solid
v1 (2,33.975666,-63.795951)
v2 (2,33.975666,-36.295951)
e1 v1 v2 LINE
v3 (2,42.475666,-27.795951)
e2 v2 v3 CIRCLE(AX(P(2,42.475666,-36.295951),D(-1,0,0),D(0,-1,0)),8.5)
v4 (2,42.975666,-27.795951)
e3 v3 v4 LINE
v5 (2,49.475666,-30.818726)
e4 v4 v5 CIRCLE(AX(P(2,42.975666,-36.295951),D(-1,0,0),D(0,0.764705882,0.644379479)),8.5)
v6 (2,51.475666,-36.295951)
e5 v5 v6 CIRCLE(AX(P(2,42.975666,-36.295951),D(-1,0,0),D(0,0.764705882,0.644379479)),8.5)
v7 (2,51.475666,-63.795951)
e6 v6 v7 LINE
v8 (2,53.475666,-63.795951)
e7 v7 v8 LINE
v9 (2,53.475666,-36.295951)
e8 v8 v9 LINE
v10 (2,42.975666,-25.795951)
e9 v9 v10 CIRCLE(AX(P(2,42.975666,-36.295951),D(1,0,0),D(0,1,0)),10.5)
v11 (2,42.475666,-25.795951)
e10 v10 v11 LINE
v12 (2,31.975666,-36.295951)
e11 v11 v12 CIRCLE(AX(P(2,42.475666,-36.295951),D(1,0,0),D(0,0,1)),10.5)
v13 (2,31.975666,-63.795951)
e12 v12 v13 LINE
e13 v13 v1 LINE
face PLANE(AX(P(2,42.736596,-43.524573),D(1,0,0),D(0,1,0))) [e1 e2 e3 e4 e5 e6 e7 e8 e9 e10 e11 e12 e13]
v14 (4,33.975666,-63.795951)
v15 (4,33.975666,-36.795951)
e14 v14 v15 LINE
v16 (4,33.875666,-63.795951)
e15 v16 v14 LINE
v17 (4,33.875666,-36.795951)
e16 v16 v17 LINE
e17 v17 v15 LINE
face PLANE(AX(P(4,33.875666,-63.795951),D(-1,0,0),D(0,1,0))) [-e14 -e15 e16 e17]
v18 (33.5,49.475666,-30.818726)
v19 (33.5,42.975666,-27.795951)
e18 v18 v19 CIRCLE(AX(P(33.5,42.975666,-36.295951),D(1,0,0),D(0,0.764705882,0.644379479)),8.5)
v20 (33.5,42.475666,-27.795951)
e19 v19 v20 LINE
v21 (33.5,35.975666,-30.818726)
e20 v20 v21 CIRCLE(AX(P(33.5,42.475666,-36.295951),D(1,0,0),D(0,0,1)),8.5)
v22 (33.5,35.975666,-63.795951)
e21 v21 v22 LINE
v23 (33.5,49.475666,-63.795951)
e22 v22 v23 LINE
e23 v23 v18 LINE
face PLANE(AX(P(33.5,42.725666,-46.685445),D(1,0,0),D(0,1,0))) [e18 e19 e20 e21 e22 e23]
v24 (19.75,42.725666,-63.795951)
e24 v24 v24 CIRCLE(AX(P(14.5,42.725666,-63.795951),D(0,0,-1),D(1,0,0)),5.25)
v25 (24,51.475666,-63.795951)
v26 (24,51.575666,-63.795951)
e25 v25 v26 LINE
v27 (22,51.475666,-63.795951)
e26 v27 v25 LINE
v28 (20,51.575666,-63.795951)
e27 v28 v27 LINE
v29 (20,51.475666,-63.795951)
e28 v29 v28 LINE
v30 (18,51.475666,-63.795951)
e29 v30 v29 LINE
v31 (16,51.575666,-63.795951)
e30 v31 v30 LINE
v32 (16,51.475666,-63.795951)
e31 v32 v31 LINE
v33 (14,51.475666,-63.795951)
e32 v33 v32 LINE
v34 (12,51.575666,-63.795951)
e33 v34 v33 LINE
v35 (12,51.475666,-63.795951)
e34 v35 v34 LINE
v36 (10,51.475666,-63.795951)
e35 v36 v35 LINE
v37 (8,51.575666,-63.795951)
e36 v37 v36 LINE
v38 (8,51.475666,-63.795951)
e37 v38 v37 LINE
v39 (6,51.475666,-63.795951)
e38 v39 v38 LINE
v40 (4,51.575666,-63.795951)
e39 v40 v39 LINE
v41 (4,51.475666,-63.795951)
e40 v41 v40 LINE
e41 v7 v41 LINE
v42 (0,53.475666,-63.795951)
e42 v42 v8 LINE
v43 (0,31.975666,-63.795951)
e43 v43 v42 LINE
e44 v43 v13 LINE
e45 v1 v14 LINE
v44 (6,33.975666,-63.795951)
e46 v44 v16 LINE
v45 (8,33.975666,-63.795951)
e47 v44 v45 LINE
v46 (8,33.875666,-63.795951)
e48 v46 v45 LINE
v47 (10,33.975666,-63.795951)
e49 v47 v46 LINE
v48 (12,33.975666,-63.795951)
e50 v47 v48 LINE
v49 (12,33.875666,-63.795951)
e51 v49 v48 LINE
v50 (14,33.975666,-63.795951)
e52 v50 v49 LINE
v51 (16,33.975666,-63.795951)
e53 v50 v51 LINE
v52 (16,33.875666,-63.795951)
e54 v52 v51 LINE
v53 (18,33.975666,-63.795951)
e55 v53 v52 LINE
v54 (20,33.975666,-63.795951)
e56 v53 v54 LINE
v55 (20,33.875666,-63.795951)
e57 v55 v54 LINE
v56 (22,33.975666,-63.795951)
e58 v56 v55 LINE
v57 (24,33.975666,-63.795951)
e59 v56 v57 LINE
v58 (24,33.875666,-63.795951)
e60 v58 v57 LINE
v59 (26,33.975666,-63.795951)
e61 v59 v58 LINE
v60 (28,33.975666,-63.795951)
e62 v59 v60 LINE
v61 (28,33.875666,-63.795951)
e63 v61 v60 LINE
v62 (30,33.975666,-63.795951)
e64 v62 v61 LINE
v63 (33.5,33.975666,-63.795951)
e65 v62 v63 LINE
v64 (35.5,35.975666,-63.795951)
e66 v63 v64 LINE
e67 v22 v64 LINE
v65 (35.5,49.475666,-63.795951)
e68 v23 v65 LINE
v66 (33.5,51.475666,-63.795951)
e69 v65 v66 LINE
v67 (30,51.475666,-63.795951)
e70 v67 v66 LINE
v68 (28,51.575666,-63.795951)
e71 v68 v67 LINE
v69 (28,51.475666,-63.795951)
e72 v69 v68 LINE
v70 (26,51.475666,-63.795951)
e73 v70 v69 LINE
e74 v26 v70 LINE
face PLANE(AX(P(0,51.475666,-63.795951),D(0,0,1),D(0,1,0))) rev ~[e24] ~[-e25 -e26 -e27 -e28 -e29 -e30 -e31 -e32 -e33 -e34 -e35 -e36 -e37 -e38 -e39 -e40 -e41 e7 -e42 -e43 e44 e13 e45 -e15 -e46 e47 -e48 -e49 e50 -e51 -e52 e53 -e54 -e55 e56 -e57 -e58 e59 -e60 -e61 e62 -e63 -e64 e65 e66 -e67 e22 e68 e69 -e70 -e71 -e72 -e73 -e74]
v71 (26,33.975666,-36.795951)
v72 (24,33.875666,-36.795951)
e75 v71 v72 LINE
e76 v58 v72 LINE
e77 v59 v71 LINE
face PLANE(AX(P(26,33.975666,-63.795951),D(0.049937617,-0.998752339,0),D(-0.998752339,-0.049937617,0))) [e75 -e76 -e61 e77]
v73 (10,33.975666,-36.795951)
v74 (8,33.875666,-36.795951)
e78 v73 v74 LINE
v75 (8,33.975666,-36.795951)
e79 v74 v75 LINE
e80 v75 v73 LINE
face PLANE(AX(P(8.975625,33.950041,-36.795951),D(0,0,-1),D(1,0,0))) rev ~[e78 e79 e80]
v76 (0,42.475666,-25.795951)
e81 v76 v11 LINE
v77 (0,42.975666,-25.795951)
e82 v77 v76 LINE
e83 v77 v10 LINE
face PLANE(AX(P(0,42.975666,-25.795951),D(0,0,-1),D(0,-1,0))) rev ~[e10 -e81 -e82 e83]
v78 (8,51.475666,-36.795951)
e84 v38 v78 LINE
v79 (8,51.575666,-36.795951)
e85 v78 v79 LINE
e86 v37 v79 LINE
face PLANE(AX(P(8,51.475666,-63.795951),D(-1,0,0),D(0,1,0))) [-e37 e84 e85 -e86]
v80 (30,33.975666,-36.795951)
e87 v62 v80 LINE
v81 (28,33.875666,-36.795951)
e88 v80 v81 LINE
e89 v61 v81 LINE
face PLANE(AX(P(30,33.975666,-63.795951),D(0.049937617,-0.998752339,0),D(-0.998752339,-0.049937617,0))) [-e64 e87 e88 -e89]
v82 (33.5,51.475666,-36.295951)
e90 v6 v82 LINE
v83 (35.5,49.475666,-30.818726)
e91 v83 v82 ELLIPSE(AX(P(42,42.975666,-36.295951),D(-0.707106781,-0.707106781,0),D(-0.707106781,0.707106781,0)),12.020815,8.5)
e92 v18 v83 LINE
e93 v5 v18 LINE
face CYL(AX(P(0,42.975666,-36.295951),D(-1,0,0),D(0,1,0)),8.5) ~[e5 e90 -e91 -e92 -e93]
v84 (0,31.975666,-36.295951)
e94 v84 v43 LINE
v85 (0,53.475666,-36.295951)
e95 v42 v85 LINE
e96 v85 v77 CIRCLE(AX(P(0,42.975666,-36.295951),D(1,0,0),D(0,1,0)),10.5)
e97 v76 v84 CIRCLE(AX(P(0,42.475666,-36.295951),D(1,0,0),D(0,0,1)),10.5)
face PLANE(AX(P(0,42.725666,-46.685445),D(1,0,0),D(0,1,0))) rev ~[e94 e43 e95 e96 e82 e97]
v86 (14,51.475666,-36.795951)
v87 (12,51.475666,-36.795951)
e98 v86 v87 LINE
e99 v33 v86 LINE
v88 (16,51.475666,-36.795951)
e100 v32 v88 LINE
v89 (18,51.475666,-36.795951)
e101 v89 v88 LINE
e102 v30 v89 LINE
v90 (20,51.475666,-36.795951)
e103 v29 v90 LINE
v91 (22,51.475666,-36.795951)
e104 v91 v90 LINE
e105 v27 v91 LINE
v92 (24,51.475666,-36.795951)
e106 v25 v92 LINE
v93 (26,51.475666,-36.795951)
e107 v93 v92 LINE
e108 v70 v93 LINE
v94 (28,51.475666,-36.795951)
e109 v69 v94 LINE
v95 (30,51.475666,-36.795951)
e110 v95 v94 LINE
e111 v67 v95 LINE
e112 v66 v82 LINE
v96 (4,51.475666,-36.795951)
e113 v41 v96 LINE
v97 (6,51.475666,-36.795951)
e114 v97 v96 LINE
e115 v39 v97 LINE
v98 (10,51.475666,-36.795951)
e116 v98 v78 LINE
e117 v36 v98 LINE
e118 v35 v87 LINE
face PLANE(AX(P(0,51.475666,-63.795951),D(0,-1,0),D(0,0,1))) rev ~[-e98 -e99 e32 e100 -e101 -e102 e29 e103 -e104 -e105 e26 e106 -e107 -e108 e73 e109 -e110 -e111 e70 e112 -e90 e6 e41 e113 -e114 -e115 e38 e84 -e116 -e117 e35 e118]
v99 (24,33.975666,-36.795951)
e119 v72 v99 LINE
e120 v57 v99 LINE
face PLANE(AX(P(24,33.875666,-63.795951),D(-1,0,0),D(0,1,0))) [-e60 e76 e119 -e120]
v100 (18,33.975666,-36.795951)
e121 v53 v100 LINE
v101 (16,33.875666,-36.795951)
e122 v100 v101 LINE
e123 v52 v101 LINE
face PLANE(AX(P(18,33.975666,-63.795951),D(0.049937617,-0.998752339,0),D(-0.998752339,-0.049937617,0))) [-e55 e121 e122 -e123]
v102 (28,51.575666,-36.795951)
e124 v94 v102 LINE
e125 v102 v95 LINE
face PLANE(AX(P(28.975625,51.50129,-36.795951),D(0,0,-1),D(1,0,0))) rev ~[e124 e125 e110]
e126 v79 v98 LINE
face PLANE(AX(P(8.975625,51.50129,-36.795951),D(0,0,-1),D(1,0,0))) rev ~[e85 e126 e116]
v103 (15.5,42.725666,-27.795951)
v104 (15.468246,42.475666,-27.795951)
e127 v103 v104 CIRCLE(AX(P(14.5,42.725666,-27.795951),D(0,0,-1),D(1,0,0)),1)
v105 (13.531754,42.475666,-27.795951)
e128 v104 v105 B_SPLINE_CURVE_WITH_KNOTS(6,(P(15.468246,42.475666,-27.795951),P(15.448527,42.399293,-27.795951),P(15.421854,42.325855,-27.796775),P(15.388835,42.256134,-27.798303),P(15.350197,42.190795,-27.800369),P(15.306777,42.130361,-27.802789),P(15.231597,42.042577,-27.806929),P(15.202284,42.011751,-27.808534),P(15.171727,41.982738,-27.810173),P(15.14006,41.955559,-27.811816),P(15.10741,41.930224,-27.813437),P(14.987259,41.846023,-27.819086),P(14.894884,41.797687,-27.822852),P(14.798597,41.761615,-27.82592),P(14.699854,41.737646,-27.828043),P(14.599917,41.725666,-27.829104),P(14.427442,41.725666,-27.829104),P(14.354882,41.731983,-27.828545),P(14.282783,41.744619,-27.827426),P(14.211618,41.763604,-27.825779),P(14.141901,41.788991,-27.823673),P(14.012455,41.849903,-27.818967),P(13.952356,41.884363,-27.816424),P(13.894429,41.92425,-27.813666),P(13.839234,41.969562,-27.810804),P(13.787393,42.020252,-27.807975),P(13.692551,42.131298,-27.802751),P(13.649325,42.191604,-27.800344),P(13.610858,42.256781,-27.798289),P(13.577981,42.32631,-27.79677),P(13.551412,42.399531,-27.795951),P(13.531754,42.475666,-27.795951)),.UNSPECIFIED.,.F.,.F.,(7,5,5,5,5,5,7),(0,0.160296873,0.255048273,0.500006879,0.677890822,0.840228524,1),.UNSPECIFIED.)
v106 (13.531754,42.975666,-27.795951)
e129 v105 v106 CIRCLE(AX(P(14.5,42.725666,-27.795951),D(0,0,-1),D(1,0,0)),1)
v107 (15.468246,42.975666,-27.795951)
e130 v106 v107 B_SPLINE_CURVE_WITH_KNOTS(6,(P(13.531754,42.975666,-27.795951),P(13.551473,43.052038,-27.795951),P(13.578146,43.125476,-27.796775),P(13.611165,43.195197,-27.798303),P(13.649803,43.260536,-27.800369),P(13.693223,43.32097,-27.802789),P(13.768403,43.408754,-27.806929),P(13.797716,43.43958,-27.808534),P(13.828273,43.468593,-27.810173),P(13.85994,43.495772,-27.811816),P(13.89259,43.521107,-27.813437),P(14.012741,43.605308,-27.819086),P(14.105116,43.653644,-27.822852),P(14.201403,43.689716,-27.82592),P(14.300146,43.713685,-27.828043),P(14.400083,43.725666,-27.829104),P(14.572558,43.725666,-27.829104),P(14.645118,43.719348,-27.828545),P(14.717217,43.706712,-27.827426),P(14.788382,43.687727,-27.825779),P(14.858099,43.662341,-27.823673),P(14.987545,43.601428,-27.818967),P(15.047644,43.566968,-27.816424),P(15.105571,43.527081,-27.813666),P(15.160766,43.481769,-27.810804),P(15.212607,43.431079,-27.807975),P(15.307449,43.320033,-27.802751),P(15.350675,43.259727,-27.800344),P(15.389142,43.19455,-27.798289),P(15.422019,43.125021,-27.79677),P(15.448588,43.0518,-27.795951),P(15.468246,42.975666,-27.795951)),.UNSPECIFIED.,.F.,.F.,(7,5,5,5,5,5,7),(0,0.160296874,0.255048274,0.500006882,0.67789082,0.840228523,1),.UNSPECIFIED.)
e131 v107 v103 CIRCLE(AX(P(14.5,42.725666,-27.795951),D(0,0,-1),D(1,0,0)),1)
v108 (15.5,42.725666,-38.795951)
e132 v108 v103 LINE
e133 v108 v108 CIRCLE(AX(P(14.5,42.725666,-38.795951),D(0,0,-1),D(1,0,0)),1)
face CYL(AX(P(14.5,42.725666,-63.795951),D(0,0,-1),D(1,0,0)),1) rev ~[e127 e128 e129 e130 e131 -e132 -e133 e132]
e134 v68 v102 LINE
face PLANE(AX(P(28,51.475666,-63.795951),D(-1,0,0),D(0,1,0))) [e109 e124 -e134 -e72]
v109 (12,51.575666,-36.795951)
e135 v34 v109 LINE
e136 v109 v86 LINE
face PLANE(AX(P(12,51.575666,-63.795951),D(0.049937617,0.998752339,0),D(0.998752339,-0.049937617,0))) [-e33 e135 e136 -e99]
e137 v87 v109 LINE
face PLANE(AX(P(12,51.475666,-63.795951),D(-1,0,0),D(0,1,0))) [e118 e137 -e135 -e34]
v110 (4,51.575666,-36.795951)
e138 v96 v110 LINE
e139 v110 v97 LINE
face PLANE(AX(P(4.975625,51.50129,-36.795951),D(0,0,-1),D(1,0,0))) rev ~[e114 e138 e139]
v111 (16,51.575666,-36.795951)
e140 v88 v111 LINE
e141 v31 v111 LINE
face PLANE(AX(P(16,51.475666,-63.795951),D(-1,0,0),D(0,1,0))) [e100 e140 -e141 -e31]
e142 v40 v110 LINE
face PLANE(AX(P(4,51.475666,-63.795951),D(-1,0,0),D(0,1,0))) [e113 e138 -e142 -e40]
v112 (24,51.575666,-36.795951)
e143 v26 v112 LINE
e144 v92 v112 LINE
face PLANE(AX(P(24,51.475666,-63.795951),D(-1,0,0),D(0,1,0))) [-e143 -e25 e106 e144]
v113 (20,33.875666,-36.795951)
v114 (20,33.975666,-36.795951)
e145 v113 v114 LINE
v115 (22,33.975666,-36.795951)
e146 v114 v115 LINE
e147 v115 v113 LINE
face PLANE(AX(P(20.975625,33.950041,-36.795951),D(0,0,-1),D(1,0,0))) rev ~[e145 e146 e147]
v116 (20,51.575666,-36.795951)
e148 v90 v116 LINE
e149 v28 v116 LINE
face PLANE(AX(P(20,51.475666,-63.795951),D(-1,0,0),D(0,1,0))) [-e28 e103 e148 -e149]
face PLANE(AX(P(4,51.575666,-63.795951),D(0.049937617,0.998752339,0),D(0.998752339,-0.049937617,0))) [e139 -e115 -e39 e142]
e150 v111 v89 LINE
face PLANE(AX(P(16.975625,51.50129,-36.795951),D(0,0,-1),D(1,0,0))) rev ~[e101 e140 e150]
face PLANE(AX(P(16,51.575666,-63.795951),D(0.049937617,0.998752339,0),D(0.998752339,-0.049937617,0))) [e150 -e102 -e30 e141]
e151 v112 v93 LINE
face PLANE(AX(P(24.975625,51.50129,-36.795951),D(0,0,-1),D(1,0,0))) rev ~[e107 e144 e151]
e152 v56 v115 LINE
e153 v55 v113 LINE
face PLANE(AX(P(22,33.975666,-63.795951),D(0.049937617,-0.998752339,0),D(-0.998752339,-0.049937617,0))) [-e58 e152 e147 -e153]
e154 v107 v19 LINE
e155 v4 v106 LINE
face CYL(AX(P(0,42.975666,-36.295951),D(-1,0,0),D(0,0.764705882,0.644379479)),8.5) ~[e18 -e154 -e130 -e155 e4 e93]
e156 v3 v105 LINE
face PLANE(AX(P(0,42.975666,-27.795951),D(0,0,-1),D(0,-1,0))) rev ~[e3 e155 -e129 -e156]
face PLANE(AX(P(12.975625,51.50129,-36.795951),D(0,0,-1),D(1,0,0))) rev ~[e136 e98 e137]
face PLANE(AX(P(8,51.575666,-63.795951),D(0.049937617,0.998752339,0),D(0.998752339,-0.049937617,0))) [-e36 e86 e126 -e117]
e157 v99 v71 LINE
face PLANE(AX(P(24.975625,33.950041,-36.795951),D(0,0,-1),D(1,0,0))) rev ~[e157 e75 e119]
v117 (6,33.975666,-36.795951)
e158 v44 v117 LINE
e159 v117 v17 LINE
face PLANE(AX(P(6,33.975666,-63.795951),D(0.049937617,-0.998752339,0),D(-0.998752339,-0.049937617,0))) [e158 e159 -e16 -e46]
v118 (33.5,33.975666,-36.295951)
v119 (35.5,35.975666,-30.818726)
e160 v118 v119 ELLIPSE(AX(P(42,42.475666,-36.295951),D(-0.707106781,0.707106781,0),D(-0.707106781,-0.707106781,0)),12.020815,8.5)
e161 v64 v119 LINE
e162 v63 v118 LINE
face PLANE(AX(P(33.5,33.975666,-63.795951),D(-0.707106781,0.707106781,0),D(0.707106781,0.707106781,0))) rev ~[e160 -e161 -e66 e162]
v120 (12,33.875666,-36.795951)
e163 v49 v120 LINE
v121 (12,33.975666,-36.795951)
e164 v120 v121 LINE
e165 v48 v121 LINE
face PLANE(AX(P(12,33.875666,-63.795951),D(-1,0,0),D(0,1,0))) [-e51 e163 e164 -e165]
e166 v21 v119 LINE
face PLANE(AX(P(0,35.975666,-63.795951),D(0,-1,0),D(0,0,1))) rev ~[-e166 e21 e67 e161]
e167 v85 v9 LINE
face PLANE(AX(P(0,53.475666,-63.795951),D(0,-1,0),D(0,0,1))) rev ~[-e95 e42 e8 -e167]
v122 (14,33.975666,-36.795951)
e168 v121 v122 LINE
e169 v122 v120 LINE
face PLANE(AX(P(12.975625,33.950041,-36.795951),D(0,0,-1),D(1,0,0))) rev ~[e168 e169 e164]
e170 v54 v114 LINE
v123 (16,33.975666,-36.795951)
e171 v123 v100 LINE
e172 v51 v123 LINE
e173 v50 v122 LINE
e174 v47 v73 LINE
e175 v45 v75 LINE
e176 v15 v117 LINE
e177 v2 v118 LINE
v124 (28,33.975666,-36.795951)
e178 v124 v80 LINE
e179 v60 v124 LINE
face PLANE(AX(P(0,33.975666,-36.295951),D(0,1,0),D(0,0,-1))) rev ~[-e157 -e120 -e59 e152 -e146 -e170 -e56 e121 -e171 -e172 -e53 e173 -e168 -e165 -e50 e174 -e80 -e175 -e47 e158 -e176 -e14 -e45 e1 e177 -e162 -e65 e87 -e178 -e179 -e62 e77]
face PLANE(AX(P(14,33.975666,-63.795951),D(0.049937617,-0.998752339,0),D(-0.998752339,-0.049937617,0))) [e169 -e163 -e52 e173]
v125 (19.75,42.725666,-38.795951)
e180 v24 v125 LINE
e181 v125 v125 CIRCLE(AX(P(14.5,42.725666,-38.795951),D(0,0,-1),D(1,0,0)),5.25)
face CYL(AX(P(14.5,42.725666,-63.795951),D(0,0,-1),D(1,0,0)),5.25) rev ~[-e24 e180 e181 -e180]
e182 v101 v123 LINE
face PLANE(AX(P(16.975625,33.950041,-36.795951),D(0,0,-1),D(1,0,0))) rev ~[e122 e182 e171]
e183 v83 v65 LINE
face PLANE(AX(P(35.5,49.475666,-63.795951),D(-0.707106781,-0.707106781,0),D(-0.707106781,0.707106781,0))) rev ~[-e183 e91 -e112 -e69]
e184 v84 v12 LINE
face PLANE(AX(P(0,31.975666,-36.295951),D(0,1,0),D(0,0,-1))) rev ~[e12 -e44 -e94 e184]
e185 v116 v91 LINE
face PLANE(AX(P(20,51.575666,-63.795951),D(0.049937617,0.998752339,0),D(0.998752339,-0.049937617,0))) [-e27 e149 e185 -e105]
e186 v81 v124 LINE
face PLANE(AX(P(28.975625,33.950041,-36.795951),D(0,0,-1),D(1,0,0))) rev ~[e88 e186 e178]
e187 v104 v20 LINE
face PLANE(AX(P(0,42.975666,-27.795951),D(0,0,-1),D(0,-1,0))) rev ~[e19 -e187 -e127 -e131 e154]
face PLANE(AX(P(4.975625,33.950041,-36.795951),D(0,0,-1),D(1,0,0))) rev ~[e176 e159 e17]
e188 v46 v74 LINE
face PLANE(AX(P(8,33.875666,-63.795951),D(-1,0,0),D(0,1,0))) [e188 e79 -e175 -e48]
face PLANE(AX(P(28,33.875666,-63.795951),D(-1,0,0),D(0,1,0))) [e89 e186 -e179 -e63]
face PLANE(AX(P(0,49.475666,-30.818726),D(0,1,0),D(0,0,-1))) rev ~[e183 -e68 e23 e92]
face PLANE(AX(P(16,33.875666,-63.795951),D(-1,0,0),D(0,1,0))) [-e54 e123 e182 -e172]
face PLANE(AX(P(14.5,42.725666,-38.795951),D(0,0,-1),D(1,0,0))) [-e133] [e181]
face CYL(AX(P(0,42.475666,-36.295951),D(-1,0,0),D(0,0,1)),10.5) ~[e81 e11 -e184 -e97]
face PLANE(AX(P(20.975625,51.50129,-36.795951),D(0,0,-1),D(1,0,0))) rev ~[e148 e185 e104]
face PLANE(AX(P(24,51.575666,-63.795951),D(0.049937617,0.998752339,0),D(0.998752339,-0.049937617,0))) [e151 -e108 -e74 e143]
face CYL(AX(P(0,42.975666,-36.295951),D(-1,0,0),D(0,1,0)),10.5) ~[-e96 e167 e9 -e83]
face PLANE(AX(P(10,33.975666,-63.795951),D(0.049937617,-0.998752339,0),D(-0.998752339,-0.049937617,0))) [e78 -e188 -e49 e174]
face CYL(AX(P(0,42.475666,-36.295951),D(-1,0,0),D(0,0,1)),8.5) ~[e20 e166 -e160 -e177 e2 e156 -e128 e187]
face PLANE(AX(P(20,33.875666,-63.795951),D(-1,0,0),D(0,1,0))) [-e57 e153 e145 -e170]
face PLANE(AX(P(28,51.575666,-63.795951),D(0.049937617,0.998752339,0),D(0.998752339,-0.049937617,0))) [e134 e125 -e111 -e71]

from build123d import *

# Parameters (mm, degrees)
F1_DEPTH = 35.5
F2_DEPTH = 2
F3_DEPTH = 33.5
F4_R     = 5.25
F4_R_2   = 1
F5_DEPTH = 25
F6_DEPTH = 36
F7_DEPTH = 32.9782255751
F8_DEPTH = 27


with BuildPart() as f1:
    # F0 (on Right) → F1 (new body)
    with BuildSketch(Plane.YZ):
        with BuildLine():
            Line((49.4756655051, -63.7959514514), (51.4756655051, -63.7959514514))
            Line((51.4756655051, -63.7959514514), (51.4756655051, -36.2959514514))
            ThreePointArc((51.4756655051, -36.2959514514), (50.9600252165, -33.3804755039), (49.4756655051, -30.8187258763))
            Line((49.4756655051, -30.8187258763), (49.4756655051, -63.7959514514))
        make_face()
    extrude(amount=F1_DEPTH)



with BuildPart() as f1b:
    # F0 (on Right) → F1, piece 2 (new body)
    with BuildSketch(Plane.YZ):
        with BuildLine():
            Line((33.9756655051, -63.7959514514), (35.9756655051, -63.7959514514))
            Line((35.9756655051, -63.7959514514), (35.9756655051, -30.8187258763))
            ThreePointArc((35.9756655051, -30.8187258763), (34.4913057938, -33.3804755039), (33.9756655051, -36.2959514514))
            Line((33.9756655051, -36.2959514514), (33.9756655051, -63.7959514514))
        make_face()
    extrude(amount=F1_DEPTH)


with BuildPart() as f1_1:
    add(f1.part)

    add(f1b.part)  # F2 merges F1b
    # F0 (on Right) → F2 (join)
    with BuildSketch(Plane.YZ):
        with BuildLine():
            Line((51.4756655051, -36.2959514514), (51.4756655051, -63.7959514514))
            Line((51.4756655051, -63.7959514514), (53.4756655051, -63.7959514514))
            Line((53.4756655051, -63.7959514514), (53.4756655051, -36.2959514514))
            ThreePointArc((53.4756655051, -36.2959514514), (50.4002867076, -28.8713302489), (42.9756655051, -25.7959514514))
            Line((42.9756655051, -25.7959514514), (42.4756655051, -25.7959514514))
            ThreePointArc((42.4756655051, -25.7959514514), (35.0510443027, -28.8713302489), (31.9756655051, -36.2959514514))
            Line((31.9756655051, -36.2959514514), (31.9756655051, -63.7959514514))
            Line((31.9756655051, -63.7959514514), (33.9756655051, -63.7959514514))
            Line((33.9756655051, -63.7959514514), (33.9756655051, -36.2959514514))
            ThreePointArc((33.9756655051, -36.2959514514), (34.4913057938, -33.3804755039), (35.9756655051, -30.8187258763))
            ThreePointArc((35.9756655051, -30.8187258763), (38.8914234226, -28.5886037432), (42.4756655051, -27.7959514514))
            Line((42.4756655051, -27.7959514514), (42.9756655051, -27.7959514514))
            ThreePointArc((42.9756655051, -27.7959514514), (46.5599075877, -28.5886037432), (49.4756655051, -30.8187258763))
            ThreePointArc((49.4756655051, -30.8187258763), (50.9600252165, -33.3804755039), (51.4756655051, -36.2959514514))
        make_face()
        with BuildLine():
            Line((35.9756655051, -63.7959514514), (49.4756655051, -63.7959514514))
            Line((49.4756655051, -63.7959514514), (49.4756655051, -30.8187258763))
            ThreePointArc((49.4756655051, -30.8187258763), (46.5599075877, -28.5886037432), (42.9756655051, -27.7959514514))
            Line((42.9756655051, -27.7959514514), (42.4756655051, -27.7959514514))
            ThreePointArc((42.4756655051, -27.7959514514), (38.8914234226, -28.5886037432), (35.9756655051, -30.8187258763))
            Line((35.9756655051, -30.8187258763), (35.9756655051, -63.7959514514))
        make_face()
    extrude(amount=F2_DEPTH)

    # F0 (on Right) → F3 (join)
    with BuildSketch(Plane.YZ):
        with BuildLine():
            Line((35.9756655051, -63.7959514514), (49.4756655051, -63.7959514514))
            Line((49.4756655051, -63.7959514514), (49.4756655051, -30.8187258763))
            ThreePointArc((49.4756655051, -30.8187258763), (46.5599075877, -28.5886037432), (42.9756655051, -27.7959514514))
            Line((42.9756655051, -27.7959514514), (42.4756655051, -27.7959514514))
            ThreePointArc((42.4756655051, -27.7959514514), (38.8914234226, -28.5886037432), (35.9756655051, -30.8187258763))
            Line((35.9756655051, -30.8187258763), (35.9756655051, -63.7959514514))
        make_face()
    extrude(amount=F3_DEPTH)

    # F4 (on face) → F5 (cut)
    with BuildSketch(Plane(origin=(0, 0, -63.7959514514), x_dir=(1, 0, 0), z_dir=(0, 0, -1))):
        with Locations((14.5, -42.7256655051)):
            Circle(F4_R)
        with Locations((14.5, -42.7256655051)):
            Circle(F4_R_2, mode=Mode.SUBTRACT)
    extrude(amount=-F5_DEPTH, mode=Mode.SUBTRACT)

    # F6 (cut, through all): a face of the model
    f6_faces = [f1_1.faces().sort_by_distance(p)[0] for p in [
        (14.5, 42.7256655051, -63.7959514514),
    ]]
    extrude(f6_faces, amount=-F6_DEPTH, mode=Mode.SUBTRACT)

    # F4 (on face) → F7 (cut, through all)
    with BuildSketch(Plane(origin=(0, 0, -63.7959514514), x_dir=(1, 0, 0), z_dir=(0, 0, -1))):
        Polygon((35.5, -49.4756655051), (33.5, -51.4756655051), (35.5, -51.4756655051), align=None)
        Polygon((35.5, -33.9756655051), (33.5, -33.9756655051), (35.5, -35.9756655051), align=None)
    extrude(amount=-F7_DEPTH, mode=Mode.SUBTRACT)

    # F4 (on face) → F8 (join)
    with BuildSketch(Plane(origin=(0, 0, -63.7959514514), x_dir=(1, 0, 0), z_dir=(0, 0, -1))):
        Polygon((4, -51.5756655051), (6, -51.4756655051), (4, -51.4756655051), align=None)
        Polygon((8, -51.5756655051), (10, -51.4756655051), (8, -51.4756655051), align=None)
        Polygon((28, -51.5756655051), (30, -51.4756655051), (28, -51.4756655051), align=None)
        Polygon((24, -51.5756655051), (26, -51.4756655051), (24, -51.4756655051), align=None)
        Polygon((20, -51.5756655051), (22, -51.4756655051), (20, -51.4756655051), align=None)
        Polygon((16, -51.5756655051), (18, -51.4756655051), (16, -51.4756655051), align=None)
        Polygon((12, -51.5756655051), (14, -51.4756655051), (12, -51.4756655051), align=None)
        Polygon((28, -33.9756655051), (30, -33.9756655051), (28, -33.8756655051), align=None)
        Polygon((24, -33.9756655051), (26, -33.9756655051), (24, -33.8756655051), align=None)
        Polygon((20, -33.9756655051), (22, -33.9756655051), (20, -33.8756655051), align=None)
        Polygon((16, -33.9756655051), (18, -33.9756655051), (16, -33.8756655051), align=None)
        Polygon((12, -33.9756655051), (14, -33.9756655051), (12, -33.8756655051), align=None)
        Polygon((8, -33.9756655051), (10, -33.9756655051), (8, -33.8756655051), align=None)
        Polygon((4, -33.9756655051), (6, -33.9756655051), (4, -33.8756655051), align=None)
    extrude(amount=-F8_DEPTH)


solid = f1_1.part
